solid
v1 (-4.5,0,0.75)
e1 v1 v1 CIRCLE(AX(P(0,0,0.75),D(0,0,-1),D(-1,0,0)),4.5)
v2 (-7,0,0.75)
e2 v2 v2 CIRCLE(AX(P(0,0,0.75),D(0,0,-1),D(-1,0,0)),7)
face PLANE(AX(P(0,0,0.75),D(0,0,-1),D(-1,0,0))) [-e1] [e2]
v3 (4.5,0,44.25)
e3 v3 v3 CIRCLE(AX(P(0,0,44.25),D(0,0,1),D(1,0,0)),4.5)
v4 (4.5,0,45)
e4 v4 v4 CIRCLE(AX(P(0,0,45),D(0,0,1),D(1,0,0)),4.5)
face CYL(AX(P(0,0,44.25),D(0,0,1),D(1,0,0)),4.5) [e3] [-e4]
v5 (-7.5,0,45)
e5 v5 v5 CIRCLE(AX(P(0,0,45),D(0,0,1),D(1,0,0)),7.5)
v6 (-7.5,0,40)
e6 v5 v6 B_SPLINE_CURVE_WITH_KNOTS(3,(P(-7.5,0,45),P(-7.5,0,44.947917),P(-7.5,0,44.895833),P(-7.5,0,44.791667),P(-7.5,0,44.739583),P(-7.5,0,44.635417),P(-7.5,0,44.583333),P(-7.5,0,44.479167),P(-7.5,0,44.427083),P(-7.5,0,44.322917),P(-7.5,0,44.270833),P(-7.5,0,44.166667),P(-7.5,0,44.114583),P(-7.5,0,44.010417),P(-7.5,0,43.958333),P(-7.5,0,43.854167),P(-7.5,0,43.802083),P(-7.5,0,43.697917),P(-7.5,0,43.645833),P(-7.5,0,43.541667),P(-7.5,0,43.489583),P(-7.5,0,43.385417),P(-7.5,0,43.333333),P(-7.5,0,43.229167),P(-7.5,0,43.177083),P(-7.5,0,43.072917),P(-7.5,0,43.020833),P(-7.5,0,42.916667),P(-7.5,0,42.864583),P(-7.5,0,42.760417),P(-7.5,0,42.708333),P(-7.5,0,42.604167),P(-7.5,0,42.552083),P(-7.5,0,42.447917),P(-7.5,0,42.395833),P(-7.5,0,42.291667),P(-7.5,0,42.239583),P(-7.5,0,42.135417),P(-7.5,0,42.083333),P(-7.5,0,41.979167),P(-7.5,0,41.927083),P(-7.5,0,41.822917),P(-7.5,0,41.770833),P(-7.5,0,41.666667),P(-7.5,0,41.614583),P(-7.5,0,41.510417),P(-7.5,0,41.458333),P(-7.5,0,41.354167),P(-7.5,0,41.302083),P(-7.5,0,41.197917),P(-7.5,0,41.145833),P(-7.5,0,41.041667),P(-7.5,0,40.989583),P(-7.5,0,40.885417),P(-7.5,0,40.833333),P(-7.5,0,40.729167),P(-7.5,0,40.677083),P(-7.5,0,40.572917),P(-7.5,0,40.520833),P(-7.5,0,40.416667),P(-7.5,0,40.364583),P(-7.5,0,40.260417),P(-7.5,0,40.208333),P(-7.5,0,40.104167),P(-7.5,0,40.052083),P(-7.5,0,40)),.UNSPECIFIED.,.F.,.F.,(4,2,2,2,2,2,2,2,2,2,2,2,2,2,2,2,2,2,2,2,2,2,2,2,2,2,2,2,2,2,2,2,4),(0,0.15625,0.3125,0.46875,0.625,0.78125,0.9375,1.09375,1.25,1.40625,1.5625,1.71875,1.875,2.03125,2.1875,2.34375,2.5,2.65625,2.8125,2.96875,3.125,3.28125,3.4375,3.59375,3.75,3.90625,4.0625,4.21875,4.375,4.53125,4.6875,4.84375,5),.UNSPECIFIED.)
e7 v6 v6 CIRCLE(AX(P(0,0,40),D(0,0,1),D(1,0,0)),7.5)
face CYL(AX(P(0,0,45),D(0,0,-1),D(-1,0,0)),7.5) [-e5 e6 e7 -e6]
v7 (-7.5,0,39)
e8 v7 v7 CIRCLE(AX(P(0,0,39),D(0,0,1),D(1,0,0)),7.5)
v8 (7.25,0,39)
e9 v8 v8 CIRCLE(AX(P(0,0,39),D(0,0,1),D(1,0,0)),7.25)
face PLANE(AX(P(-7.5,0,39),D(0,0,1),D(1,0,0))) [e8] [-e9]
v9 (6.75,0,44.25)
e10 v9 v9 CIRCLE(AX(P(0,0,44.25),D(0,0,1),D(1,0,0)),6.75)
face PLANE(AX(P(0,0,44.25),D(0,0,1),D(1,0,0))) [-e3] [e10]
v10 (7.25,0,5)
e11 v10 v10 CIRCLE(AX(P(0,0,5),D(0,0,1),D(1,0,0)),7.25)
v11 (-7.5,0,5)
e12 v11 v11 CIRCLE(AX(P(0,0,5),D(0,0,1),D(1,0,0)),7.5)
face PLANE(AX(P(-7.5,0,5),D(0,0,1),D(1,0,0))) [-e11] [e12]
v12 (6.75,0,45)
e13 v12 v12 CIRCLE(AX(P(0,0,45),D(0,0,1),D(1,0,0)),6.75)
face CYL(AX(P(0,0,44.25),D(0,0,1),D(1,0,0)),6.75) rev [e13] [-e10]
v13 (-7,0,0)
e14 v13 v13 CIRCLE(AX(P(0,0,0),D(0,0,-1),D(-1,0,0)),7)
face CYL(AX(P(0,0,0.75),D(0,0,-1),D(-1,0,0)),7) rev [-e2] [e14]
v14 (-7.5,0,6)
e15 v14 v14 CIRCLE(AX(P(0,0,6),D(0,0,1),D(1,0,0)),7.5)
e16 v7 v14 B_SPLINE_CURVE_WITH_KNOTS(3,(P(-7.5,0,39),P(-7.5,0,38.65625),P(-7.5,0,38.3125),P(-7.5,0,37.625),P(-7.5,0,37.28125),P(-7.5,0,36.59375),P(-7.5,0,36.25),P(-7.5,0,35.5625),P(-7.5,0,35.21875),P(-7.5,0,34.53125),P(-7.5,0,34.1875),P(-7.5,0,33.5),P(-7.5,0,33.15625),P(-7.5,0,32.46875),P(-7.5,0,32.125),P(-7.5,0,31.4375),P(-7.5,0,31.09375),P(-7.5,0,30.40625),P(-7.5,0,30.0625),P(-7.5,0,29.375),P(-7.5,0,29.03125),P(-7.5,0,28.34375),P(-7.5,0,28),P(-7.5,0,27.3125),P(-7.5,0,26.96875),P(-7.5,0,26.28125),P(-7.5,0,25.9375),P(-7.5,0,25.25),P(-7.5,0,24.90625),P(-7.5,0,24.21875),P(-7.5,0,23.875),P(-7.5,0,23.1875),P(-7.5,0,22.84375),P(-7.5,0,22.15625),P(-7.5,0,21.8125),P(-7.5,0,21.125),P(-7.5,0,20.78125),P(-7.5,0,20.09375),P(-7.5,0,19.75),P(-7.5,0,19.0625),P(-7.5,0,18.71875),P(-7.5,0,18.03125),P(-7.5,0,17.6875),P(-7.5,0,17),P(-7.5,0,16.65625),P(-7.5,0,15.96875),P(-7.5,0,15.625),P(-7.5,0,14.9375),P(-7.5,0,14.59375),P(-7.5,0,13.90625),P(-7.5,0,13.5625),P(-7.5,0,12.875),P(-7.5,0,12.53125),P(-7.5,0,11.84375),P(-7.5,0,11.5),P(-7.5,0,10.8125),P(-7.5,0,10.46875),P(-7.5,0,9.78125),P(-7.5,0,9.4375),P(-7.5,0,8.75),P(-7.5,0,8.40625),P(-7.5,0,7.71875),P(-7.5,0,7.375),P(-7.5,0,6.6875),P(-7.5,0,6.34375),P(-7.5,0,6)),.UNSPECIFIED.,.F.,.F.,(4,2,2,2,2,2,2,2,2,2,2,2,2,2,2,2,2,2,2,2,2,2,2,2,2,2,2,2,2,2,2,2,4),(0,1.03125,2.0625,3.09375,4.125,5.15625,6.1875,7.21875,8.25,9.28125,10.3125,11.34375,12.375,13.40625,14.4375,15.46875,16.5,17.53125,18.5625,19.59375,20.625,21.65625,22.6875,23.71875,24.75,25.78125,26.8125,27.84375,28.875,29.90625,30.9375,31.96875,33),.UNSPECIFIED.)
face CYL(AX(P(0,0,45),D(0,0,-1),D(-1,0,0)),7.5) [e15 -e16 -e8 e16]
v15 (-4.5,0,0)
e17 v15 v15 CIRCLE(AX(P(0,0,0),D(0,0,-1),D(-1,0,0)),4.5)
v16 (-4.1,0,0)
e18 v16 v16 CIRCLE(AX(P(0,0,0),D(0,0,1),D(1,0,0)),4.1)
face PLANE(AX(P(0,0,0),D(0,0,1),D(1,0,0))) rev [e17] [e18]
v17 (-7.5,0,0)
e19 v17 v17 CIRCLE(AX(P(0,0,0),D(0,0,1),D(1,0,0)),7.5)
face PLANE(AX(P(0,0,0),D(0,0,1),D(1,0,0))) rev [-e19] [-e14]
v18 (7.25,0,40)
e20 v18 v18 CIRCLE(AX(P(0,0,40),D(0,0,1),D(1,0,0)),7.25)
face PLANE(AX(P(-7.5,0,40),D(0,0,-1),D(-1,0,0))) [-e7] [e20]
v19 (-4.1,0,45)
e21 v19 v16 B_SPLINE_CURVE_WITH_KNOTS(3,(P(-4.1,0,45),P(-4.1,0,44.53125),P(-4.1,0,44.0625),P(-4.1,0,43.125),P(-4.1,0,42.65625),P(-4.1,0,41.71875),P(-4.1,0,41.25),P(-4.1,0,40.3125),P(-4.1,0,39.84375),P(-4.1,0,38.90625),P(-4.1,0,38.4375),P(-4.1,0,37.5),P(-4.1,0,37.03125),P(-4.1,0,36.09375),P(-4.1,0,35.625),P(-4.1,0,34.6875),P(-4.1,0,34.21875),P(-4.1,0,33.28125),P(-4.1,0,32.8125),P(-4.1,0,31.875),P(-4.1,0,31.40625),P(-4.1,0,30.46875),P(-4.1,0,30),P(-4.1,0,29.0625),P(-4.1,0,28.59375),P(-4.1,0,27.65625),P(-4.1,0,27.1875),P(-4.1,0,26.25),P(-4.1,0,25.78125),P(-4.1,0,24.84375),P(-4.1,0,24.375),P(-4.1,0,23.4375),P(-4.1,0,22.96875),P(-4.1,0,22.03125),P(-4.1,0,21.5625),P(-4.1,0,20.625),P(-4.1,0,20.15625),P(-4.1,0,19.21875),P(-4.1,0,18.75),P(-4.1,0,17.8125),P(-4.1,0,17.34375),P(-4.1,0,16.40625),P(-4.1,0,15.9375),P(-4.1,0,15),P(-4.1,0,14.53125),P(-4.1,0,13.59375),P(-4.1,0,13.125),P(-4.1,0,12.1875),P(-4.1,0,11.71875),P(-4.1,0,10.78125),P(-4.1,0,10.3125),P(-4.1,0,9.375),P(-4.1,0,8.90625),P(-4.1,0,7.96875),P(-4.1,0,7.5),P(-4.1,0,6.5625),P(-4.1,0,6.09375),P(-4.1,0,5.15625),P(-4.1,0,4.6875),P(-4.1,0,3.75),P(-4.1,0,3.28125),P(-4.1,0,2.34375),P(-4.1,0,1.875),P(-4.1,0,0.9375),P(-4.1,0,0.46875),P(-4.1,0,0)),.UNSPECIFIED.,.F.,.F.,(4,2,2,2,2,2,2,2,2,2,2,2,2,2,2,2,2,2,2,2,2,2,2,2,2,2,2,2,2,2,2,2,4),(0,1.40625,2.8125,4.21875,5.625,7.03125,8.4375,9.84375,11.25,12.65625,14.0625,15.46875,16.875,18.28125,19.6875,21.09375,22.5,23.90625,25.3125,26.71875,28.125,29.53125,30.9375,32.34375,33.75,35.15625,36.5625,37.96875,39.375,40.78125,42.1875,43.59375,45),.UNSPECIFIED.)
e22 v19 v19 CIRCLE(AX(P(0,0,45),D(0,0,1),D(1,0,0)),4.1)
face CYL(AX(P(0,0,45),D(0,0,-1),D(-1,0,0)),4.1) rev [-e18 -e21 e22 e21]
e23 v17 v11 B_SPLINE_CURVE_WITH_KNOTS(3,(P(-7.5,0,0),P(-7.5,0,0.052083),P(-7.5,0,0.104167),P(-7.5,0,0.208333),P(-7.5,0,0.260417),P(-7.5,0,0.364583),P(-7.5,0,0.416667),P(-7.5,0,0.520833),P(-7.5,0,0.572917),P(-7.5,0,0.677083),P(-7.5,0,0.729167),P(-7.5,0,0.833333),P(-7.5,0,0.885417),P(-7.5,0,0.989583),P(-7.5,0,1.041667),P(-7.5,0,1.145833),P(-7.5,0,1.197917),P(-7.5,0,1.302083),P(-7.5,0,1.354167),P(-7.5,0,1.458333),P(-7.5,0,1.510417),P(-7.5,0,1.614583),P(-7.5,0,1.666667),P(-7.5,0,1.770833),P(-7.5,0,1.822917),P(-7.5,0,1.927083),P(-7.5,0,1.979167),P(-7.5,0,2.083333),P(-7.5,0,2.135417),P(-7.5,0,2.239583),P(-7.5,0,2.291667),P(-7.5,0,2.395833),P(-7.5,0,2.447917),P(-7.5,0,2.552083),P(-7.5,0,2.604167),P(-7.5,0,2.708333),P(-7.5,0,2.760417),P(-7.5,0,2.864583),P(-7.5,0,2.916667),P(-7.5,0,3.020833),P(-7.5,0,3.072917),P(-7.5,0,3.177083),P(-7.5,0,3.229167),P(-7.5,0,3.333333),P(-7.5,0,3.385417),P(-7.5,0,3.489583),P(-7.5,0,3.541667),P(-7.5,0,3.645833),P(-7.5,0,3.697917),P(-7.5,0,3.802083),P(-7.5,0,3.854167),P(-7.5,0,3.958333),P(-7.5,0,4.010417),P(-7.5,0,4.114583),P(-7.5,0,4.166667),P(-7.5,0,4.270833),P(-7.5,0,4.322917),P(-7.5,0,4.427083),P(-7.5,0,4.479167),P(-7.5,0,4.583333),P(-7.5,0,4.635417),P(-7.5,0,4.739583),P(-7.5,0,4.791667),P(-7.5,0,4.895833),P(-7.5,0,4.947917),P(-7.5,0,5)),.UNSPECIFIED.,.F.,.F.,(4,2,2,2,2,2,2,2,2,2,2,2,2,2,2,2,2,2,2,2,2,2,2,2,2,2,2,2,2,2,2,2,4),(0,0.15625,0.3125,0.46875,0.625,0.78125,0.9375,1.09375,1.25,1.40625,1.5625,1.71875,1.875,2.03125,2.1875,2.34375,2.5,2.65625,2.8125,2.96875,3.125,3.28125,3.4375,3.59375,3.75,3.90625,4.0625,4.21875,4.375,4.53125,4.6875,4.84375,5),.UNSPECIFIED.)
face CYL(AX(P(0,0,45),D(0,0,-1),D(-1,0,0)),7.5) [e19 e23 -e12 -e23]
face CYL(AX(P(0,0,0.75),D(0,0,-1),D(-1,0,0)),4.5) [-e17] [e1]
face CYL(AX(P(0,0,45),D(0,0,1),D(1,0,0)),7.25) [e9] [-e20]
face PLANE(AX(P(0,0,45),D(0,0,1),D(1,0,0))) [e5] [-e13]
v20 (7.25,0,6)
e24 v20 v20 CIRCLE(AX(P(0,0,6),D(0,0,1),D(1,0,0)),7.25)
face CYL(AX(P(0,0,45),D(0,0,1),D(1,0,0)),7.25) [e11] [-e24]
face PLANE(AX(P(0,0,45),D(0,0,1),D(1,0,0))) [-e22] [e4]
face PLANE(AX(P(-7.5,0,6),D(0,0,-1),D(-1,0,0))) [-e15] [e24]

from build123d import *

# Parameters (mm, degrees)
SKETCH1_R           = 7.5
SKETCH1_R_2         = 4.1
BOSS_EXTRUDE1_DEPTH = 45
SKETCH2_R           = 6.75
SKETCH2_R_2         = 4.5
CUT_EXTRUDE2_DEPTH  = 0.75
CUT_EXTRUDE3_START  = -0.75
SKETCH3_R           = 7
SKETCH3_R_2         = 4.5
CUT_EXTRUDE3_DEPTH  = 0.75
SKETCH4_W           = 0.25
SKETCH4_H           = 1
SKETCH5_W           = 0.25
SKETCH5_H           = 1


with BuildPart() as part:
    # Sketch1 → Boss-Extrude1 (new body)
    with BuildSketch(Plane.XY):
        with Locations(Location((0, 0, 0), (0, 0, 180))):
            Circle(SKETCH1_R)
        with Locations(Location((0, 0, 0), (0, 0, 180))):
            Circle(SKETCH1_R_2, mode=Mode.SUBTRACT)
    extrude(amount=BOSS_EXTRUDE1_DEPTH)

    # Sketch2 → Cut-Extrude2 (cut)
    with BuildSketch(Plane.XY.offset(45)):
        Circle(SKETCH2_R)
        Circle(SKETCH2_R_2, mode=Mode.SUBTRACT)
    extrude(amount=-CUT_EXTRUDE2_DEPTH, mode=Mode.SUBTRACT)

    # Sketch3 → Cut-Extrude3 (cut)
    with BuildSketch(Plane(origin=(0, 0, 0), x_dir=(-1, 0, 0), z_dir=(0, 0, -1)).offset(CUT_EXTRUDE3_START)):
        Circle(SKETCH3_R)
        with Locations(Location((0, 0, 0), (0, 0, 180))):
            Circle(SKETCH3_R_2, mode=Mode.SUBTRACT)
    extrude(amount=CUT_EXTRUDE3_DEPTH, mode=Mode.SUBTRACT)

    # Sketch4 → Cut-Revolve1 (revolve, cut)
    with BuildSketch(Plane(origin=(0, 0, 0), x_dir=(1, 0, 0), z_dir=(0, 1, 0))):
        with Locations((-7.375, -39.5)):
            Rectangle(SKETCH4_W, SKETCH4_H)
    revolve(axis=Axis((0, 0, 45), (0, 0, -1)), mode=Mode.SUBTRACT)

    # Sketch5 → Cut-Revolve2 (revolve, cut)
    with BuildSketch(Plane(origin=(0, 0, 0), x_dir=(1, 0, 0), z_dir=(0, 1, 0))):
        with Locations((-7.375, -5.5)):
            Rectangle(SKETCH5_W, SKETCH5_H)
    revolve(axis=Axis((0, 0, 45), (0, 0, -1)), mode=Mode.SUBTRACT)


solid = part.part
